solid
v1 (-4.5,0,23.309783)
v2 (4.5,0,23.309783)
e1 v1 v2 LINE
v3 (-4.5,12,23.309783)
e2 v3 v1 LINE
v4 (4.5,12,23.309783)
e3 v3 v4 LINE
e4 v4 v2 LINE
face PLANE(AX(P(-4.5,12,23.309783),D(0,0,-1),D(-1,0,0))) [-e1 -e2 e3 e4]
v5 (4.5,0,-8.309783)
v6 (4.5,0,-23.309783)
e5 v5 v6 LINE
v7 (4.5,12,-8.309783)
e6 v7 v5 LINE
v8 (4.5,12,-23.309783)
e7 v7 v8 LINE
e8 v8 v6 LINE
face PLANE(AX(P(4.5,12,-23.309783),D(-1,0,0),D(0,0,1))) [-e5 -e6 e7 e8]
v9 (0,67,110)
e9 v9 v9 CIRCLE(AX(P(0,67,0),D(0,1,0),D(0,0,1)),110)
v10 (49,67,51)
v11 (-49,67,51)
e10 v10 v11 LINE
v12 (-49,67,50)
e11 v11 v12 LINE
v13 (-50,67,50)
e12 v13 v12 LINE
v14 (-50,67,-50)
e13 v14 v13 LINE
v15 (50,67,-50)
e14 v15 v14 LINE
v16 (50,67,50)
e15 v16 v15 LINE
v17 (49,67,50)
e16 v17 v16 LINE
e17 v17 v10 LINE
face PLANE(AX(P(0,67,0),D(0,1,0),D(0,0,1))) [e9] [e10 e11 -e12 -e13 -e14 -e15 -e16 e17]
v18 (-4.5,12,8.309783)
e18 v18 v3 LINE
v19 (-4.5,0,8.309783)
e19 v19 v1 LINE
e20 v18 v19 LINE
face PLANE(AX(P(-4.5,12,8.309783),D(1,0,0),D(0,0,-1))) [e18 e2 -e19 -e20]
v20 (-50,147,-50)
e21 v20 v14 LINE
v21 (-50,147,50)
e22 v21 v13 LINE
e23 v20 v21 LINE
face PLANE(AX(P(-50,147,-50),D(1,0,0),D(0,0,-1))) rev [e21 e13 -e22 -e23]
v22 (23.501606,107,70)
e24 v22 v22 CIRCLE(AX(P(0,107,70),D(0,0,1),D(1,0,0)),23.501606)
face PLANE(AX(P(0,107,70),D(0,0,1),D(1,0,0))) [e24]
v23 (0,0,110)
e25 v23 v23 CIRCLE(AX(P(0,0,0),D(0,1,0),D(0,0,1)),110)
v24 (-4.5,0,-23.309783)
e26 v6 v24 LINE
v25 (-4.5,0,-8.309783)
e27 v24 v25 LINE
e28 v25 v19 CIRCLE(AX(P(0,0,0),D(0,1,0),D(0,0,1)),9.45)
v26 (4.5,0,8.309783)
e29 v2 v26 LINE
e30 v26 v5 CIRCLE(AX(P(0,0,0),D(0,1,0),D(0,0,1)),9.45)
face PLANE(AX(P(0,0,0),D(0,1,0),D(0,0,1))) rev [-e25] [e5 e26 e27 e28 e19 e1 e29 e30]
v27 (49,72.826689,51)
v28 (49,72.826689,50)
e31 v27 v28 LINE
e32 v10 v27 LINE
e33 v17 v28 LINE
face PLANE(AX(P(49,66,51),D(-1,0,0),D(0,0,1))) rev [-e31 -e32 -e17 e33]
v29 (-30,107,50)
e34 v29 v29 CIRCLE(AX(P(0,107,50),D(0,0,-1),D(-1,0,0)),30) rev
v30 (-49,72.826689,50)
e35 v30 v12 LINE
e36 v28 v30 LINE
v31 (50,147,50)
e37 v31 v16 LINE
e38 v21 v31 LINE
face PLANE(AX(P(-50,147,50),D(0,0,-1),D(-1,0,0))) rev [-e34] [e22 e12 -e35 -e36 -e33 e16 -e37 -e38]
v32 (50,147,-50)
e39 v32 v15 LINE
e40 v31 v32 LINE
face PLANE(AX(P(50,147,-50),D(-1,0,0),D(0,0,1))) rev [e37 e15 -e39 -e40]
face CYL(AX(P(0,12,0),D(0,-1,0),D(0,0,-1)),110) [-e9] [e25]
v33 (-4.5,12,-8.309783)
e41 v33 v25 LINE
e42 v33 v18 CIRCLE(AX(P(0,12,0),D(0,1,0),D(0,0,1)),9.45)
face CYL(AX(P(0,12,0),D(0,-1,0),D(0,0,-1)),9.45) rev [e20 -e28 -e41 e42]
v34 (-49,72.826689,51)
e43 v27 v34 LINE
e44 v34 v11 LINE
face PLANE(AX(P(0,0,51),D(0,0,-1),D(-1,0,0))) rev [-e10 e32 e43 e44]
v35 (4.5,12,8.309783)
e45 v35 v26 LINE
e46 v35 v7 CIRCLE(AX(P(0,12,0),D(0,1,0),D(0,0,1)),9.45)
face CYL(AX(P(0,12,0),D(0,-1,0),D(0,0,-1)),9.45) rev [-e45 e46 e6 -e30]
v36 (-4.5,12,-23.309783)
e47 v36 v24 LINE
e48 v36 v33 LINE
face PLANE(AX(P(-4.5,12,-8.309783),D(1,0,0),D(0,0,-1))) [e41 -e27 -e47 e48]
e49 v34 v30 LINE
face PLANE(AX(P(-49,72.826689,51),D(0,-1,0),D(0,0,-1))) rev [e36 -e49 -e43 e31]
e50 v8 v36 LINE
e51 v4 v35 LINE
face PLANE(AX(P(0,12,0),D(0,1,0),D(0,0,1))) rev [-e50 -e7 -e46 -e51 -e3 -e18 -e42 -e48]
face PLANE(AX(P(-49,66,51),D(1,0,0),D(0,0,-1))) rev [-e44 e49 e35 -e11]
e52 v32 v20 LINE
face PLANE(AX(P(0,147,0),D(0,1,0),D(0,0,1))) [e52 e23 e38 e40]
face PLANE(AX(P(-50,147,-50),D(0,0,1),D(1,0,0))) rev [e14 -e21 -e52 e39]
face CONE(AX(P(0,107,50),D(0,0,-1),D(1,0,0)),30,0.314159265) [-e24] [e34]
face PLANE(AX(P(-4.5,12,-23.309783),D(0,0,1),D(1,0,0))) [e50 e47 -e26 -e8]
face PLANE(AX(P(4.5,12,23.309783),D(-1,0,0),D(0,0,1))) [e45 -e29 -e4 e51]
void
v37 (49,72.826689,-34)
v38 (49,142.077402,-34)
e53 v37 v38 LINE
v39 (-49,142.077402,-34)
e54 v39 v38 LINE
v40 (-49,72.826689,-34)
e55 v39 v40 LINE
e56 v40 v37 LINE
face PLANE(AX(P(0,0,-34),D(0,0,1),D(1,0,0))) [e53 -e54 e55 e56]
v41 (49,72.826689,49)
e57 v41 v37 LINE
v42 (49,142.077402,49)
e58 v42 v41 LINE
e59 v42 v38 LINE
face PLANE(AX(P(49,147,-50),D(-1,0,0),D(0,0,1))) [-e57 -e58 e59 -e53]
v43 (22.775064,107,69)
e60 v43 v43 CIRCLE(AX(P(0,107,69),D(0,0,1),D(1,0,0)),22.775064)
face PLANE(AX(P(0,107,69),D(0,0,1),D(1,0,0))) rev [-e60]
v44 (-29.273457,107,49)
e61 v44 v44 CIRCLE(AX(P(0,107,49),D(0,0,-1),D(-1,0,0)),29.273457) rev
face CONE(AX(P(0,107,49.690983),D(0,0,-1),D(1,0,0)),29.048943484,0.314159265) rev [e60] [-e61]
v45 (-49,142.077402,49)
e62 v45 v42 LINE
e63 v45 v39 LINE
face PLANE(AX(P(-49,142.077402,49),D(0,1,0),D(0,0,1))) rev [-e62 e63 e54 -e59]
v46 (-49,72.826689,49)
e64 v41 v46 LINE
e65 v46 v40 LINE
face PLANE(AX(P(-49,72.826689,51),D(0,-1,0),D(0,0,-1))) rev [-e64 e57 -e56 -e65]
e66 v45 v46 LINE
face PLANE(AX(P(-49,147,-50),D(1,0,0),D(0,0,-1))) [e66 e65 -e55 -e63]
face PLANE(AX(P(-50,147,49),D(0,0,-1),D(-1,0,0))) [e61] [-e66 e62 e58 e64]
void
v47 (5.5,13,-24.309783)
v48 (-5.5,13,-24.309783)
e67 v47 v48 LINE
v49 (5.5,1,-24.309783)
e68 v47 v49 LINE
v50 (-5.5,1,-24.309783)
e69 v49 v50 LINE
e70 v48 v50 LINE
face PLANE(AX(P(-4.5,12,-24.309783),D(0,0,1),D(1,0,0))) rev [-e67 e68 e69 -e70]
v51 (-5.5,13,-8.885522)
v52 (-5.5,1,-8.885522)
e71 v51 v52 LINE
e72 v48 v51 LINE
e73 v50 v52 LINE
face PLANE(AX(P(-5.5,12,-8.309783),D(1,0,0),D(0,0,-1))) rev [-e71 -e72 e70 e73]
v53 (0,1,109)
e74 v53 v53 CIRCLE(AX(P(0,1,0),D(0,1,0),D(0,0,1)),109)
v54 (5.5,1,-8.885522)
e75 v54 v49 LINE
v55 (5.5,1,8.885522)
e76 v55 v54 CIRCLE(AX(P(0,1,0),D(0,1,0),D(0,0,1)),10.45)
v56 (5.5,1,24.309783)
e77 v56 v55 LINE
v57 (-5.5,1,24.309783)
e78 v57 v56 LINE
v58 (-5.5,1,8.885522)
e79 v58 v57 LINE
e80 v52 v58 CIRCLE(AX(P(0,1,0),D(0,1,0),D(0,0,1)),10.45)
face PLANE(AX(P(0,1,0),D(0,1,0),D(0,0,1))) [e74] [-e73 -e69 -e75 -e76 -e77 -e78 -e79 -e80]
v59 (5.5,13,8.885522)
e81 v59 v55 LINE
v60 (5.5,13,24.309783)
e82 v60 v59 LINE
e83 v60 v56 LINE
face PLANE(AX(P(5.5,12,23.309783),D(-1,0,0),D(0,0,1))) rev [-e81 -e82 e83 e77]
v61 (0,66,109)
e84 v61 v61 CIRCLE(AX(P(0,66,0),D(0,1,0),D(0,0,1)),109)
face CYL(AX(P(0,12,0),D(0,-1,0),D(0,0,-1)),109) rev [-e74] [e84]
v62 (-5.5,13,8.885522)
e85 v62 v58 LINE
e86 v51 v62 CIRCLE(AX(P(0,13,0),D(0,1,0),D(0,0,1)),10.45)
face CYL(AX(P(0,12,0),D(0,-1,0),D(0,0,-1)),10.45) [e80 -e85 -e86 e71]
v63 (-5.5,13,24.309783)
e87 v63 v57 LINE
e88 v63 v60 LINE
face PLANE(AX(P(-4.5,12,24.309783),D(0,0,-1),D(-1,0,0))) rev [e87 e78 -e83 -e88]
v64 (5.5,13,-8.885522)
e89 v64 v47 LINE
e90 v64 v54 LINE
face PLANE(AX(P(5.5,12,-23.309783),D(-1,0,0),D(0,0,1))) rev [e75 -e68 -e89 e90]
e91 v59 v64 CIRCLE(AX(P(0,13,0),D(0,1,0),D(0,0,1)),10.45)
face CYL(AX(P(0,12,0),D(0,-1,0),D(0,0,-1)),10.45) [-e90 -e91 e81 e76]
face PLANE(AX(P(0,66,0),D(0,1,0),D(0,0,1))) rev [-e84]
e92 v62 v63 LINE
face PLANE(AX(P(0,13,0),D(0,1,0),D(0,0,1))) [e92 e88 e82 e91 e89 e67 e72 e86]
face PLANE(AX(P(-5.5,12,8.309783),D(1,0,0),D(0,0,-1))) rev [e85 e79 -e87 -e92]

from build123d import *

# Parameters (mm, degrees)
SKETCH1_R           = 110
BOSS_EXTRUDE1_DEPTH = 12
SKETCH2_R           = 110
BOSS_EXTRUDE2_DEPTH = 55
SKETCH3_W           = 100
SKETCH3_H           = 100
BOSS_EXTRUDE3_DEPTH = 80
SKETCH4_R           = 30
BOSS_EXTRUDE4_DEPTH = 20
BOSS_EXTRUDE4_TAPER = 18
SHELL1_T            = -1
SKETCH6_W           = 98
SKETCH6_H           = 6.826689401
BOSS_EXTRUDE5_DEPTH = 100
SKETCH7_W           = 98
SKETCH7_H           = 74.173310599
BOSS_EXTRUDE6_DEPTH = 15
SKETCH8_W           = 98
SKETCH8_H           = 4.922598218
BOSS_EXTRUDE7_DEPTH = 83


with BuildPart() as part:
    # Sketch1 → Boss-Extrude1 (new body)
    with BuildSketch(Plane(origin=(0, 0, 0), x_dir=(1, 0, 0), z_dir=(0, 1, 0))):
        with Locations(Location((0, 0, 0), (0, 0, 270))):
            Circle(SKETCH1_R)
        with BuildLine():
            Line((-4.5, 8.309783391), (-4.5, 23.309783391))
            Line((-4.5, 23.309783391), (4.5, 23.309783391))
            Line((4.5, 23.309783391), (4.5, 8.309783391))
            ThreePointArc((4.5, 8.309783391), (9.45, 0), (4.5, -8.309783391))
            Line((4.5, -8.309783391), (4.5, -23.309783391))
            Line((4.5, -23.309783391), (-4.5, -23.309783391))
            Line((-4.5, -23.309783391), (-4.5, -8.309783391))
            ThreePointArc((-4.5, -8.309783391), (-9.45, 0), (-4.5, 8.309783391))
        make_face(mode=Mode.SUBTRACT)
    extrude(amount=BOSS_EXTRUDE1_DEPTH)

    # Sketch2 → Boss-Extrude2 (add)
    with BuildSketch(Plane(origin=(0, 12, 0), x_dir=(1, 0, 0), z_dir=(0, 1, 0))):
        with Locations(Location((0, 0, 0), (0, 0, 270))):
            Circle(SKETCH2_R)
    extrude(amount=BOSS_EXTRUDE2_DEPTH)

    # Sketch3 → Boss-Extrude3 (add)
    with BuildSketch(Plane(origin=(0, 67, 0), x_dir=(1, 0, 0), z_dir=(0, 1, 0))):
        Rectangle(SKETCH3_W, SKETCH3_H)
    extrude(amount=BOSS_EXTRUDE3_DEPTH)

    # Sketch4 → Boss-Extrude4 (add)
    with BuildSketch(Plane.XY.offset(50)):
        with Locations((0, 107)):
            Circle(SKETCH4_R)
    extrude(amount=BOSS_EXTRUDE4_DEPTH, taper=BOSS_EXTRUDE4_TAPER)

    # Shell1
    shell1_openings = [part.faces().sort_by_distance(p)[0] for p in [
        (0, 147, 0),
    ]]
    offset(amount=SHELL1_T, openings=shell1_openings, kind=Kind.INTERSECTION)

    # Sketch6 → Boss-Extrude5 (add)
    with BuildSketch(Plane.XY.offset(-49)):
        with Locations((0, 69.413344701)):
            Rectangle(SKETCH6_W, SKETCH6_H)
    extrude(amount=BOSS_EXTRUDE5_DEPTH)

    # Sketch7 → Boss-Extrude6 (add)
    with BuildSketch(Plane.XY.offset(-49)):
        with Locations((0, 109.913344701)):
            Rectangle(SKETCH7_W, SKETCH7_H)
    extrude(amount=BOSS_EXTRUDE6_DEPTH)

    # Sketch8 → Boss-Extrude7 (add)
    with BuildSketch(Plane.XY.offset(-34)):
        with Locations((0, 144.538700891)):
            Rectangle(SKETCH8_W, SKETCH8_H)
    extrude(amount=BOSS_EXTRUDE7_DEPTH)


solid = part.part
